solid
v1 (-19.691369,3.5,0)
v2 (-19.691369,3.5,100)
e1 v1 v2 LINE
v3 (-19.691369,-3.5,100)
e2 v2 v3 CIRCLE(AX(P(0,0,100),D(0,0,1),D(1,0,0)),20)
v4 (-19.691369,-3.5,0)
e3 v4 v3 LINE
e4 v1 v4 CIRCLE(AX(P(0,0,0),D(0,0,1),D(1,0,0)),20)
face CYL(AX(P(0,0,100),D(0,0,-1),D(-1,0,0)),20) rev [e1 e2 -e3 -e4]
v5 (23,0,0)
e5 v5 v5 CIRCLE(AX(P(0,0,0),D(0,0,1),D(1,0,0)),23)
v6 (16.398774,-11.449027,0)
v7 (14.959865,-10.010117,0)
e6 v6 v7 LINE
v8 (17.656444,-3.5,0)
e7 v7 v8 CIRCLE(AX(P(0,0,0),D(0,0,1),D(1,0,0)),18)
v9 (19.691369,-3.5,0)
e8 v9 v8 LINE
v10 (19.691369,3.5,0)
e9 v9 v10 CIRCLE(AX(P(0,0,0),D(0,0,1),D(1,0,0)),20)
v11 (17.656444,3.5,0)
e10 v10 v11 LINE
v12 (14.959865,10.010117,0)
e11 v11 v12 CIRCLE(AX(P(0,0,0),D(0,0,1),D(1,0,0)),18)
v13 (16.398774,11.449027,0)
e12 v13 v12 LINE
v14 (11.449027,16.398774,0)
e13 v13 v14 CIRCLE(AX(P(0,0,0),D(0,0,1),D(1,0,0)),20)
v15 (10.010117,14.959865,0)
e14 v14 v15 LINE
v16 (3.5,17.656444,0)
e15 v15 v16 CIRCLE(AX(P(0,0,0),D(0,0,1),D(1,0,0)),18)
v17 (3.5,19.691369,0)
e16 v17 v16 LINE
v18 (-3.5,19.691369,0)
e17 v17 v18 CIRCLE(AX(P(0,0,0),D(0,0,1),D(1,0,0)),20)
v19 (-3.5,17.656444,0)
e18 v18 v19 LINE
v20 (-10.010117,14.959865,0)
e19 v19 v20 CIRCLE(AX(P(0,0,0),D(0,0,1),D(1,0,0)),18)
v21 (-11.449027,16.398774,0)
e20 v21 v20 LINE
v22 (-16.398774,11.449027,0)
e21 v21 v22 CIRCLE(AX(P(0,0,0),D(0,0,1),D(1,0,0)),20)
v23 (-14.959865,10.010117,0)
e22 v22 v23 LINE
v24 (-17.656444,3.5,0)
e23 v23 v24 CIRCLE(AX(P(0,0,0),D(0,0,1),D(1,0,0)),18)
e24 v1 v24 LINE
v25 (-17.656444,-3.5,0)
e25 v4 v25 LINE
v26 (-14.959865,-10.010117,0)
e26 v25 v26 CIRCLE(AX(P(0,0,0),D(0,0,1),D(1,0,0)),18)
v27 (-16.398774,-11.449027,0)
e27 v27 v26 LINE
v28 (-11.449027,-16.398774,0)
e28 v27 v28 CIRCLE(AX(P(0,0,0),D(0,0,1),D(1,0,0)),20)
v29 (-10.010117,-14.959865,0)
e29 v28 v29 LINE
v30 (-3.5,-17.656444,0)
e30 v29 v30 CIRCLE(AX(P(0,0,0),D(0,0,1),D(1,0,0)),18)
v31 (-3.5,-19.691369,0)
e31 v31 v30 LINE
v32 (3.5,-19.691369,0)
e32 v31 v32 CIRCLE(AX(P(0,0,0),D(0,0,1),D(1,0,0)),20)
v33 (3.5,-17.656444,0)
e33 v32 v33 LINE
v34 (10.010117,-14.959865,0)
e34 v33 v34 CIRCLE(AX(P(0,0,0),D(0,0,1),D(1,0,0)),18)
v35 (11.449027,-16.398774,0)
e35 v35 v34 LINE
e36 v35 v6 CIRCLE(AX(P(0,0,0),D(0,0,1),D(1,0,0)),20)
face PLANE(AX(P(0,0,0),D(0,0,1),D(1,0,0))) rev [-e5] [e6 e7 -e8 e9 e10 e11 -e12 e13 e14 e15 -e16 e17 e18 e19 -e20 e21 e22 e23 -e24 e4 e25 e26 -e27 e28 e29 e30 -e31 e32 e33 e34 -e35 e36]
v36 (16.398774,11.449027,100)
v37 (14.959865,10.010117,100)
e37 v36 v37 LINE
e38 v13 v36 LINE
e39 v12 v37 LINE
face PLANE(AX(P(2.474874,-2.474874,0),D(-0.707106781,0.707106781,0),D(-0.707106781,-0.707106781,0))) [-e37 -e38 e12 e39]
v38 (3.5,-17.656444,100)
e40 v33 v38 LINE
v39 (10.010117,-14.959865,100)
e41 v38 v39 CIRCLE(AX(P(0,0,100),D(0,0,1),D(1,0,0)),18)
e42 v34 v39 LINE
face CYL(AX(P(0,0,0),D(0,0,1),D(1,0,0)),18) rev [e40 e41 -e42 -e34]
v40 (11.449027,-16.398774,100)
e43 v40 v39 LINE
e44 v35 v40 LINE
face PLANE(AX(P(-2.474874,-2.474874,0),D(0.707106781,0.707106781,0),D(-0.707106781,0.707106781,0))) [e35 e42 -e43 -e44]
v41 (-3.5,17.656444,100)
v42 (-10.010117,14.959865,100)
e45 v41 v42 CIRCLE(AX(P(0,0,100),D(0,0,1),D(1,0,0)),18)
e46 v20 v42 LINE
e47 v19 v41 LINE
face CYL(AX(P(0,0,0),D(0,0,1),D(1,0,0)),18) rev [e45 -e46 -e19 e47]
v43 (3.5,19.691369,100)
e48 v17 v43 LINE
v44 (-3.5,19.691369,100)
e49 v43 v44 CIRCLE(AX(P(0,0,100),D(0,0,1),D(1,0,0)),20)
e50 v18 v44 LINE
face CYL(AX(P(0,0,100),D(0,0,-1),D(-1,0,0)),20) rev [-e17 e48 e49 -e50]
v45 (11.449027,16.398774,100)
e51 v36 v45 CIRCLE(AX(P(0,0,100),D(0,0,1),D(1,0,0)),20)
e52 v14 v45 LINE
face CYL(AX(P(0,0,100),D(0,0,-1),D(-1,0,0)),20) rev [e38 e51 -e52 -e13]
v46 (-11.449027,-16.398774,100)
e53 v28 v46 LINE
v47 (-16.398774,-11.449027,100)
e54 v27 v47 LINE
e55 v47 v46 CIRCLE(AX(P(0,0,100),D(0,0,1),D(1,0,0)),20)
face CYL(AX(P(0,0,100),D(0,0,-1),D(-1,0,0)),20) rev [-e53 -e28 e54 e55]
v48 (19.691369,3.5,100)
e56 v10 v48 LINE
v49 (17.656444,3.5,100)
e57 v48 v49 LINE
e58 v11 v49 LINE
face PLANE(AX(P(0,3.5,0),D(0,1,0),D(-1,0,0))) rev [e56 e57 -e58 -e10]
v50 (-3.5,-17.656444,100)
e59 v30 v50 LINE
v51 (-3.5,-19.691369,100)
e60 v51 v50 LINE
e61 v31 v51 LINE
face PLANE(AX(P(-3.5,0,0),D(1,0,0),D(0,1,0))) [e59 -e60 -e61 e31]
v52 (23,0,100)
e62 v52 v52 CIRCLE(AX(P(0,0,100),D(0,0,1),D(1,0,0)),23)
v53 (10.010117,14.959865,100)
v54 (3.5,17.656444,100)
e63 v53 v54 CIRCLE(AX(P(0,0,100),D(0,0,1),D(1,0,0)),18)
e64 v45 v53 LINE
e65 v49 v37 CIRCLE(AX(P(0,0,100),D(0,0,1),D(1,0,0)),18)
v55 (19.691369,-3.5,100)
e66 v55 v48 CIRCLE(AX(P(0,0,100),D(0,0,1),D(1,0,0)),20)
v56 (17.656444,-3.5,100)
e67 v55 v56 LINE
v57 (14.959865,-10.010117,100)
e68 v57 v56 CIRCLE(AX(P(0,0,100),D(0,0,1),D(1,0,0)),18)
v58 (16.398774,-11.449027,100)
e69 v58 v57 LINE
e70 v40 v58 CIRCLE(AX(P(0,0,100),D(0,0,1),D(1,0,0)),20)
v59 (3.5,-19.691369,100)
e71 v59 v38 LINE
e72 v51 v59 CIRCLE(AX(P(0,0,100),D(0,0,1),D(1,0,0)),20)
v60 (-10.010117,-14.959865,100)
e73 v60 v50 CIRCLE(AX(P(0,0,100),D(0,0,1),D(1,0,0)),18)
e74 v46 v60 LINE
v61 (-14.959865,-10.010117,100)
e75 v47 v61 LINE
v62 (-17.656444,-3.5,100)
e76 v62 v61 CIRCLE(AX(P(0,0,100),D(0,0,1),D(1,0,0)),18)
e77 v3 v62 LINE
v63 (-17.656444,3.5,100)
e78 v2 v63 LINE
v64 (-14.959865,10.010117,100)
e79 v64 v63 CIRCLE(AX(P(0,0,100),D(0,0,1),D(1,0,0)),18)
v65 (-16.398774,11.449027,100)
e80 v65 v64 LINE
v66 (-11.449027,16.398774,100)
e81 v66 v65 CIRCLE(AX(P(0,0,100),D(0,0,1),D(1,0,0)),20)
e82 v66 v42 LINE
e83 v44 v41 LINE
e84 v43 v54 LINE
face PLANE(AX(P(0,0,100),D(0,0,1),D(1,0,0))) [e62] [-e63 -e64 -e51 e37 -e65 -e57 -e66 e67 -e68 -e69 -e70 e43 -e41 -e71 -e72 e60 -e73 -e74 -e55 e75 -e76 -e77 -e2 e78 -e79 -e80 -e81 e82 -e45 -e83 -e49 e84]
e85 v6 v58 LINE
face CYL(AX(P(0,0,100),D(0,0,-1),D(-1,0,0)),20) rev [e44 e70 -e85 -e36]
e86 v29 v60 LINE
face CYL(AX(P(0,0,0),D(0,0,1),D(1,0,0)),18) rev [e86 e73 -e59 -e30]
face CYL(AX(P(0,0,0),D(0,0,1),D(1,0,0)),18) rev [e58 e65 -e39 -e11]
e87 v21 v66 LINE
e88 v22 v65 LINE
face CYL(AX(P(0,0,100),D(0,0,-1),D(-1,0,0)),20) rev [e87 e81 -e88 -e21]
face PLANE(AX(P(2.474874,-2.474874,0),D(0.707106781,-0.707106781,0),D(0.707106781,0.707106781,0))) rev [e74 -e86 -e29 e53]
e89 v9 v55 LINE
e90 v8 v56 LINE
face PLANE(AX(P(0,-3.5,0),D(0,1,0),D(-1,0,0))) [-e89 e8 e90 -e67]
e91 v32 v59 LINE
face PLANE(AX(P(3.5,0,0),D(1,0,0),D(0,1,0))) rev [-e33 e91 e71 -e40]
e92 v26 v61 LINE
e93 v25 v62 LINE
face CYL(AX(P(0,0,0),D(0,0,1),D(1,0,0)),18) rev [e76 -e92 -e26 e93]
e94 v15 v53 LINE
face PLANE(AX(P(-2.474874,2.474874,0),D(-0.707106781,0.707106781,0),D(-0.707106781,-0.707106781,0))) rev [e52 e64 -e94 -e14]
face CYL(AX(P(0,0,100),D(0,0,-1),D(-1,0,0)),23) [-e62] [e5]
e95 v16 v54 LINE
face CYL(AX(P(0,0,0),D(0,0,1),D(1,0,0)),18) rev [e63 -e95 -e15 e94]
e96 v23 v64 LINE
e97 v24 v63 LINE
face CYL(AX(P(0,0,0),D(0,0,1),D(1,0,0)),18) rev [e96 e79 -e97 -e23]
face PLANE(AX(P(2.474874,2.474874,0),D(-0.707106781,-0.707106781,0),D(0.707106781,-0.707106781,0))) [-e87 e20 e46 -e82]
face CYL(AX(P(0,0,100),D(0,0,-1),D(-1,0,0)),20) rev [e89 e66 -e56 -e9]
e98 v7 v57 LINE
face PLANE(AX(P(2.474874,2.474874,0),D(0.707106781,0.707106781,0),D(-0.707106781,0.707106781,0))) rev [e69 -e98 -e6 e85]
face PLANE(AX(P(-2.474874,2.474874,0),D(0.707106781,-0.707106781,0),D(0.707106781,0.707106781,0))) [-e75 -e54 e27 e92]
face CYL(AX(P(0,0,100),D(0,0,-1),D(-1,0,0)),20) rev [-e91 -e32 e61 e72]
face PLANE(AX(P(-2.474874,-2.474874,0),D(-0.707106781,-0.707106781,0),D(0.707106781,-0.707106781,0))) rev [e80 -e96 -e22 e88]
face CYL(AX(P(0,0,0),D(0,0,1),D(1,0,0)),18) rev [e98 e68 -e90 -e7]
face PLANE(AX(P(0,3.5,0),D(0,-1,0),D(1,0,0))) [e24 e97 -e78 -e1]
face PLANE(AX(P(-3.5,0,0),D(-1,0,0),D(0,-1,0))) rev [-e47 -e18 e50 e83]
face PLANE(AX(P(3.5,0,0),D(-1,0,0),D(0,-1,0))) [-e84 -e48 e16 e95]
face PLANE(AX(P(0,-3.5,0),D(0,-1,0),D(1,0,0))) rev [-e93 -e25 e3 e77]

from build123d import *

# Parameters (mm, degrees)
SKETCH_1_R      = 23
SKETCH_1_R_2    = 20
EXTRUDE_1_DEPTH = 100
EXTRUDE_START   = -100
EXTRUDE_2_DEPTH = 100


with BuildPart() as part:
    # 草图1 → 凸台-拉伸1 (new body)
    with BuildSketch(Plane.XY):
        Circle(SKETCH_1_R)
        Circle(SKETCH_1_R_2, mode=Mode.SUBTRACT)
    extrude(amount=EXTRUDE_1_DEPTH)

    # 草图2 → 凸台-拉伸2 (add)
    with BuildSketch(Plane.XY.offset(100).offset(EXTRUDE_START)):
        with BuildLine():
            Line((-14.959864723, 10.010117255), (-16.39877405, 11.449026581))
            ThreePointArc((-16.39877405, 11.449026581), (-18.47759065, 7.653668647), (-19.691368668, 3.5))
            Line((-19.691368668, 3.5), (-17.656443583, 3.5))
            ThreePointArc((-17.656443583, 3.5), (-16.629831585, 6.888301783), (-14.959864723, 10.010117255))
        make_face()
        with BuildLine():
            Line((-3.5, 17.656443583), (-3.5, 19.691368668))
            ThreePointArc((-3.5, 19.691368668), (-7.653668647, 18.47759065), (-11.449026581, 16.39877405))
            Line((-11.449026581, 16.39877405), (-10.010117255, 14.959864723))
            ThreePointArc((-10.010117255, 14.959864723), (-6.888301783, 16.629831585), (-3.5, 17.656443583))
        make_face()
        with BuildLine():
            Line((10.010117255, 14.959864723), (11.449026581, 16.39877405))
            ThreePointArc((11.449026581, 16.39877405), (7.653668647, 18.47759065), (3.5, 19.691368668))
            Line((3.5, 19.691368668), (3.5, 17.656443583))
            ThreePointArc((3.5, 17.656443583), (6.888301783, 16.629831585), (10.010117255, 14.959864723))
        make_face()
        with BuildLine():
            ThreePointArc((19.691368668, 3.5), (18.47759065, 7.653668647), (16.39877405, 11.449026581))
            Line((16.39877405, 11.449026581), (14.959864723, 10.010117255))
            ThreePointArc((14.959864723, 10.010117255), (16.629831585, 6.888301783), (17.656443583, 3.5))
            Line((17.656443583, 3.5), (19.691368668, 3.5))
        make_face()
        with BuildLine():
            ThreePointArc((16.39877405, -11.449026581), (18.47759065, -7.653668647), (19.691368668, -3.5))
            Line((19.691368668, -3.5), (17.656443583, -3.5))
            ThreePointArc((17.656443583, -3.5), (16.629831585, -6.888301783), (14.959864723, -10.010117255))
            Line((14.959864723, -10.010117255), (16.39877405, -11.449026581))
        make_face()
        with BuildLine():
            ThreePointArc((3.5, -19.691368668), (7.653668647, -18.47759065), (11.449026581, -16.39877405))
            Line((11.449026581, -16.39877405), (10.010117255, -14.959864723))
            ThreePointArc((10.010117255, -14.959864723), (6.888301783, -16.629831585), (3.5, -17.656443583))
            Line((3.5, -17.656443583), (3.5, -19.691368668))
        make_face()
        with BuildLine():
            Line((-10.010117255, -14.959864723), (-11.449026581, -16.39877405))
            ThreePointArc((-11.449026581, -16.39877405), (-7.653668647, -18.47759065), (-3.5, -19.691368668))
            Line((-3.5, -19.691368668), (-3.5, -17.656443583))
            ThreePointArc((-3.5, -17.656443583), (-6.888301783, -16.629831585), (-10.010117255, -14.959864723))
        make_face()
        with BuildLine():
            Line((-17.656443583, -3.5), (-19.691368668, -3.5))
            ThreePointArc((-19.691368668, -3.5), (-18.47759065, -7.653668647), (-16.39877405, -11.449026581))
            Line((-16.39877405, -11.449026581), (-14.959864723, -10.010117255))
            ThreePointArc((-14.959864723, -10.010117255), (-16.629831585, -6.888301783), (-17.656443583, -3.5))
        make_face()
    extrude(amount=EXTRUDE_2_DEPTH)


solid = part.part
